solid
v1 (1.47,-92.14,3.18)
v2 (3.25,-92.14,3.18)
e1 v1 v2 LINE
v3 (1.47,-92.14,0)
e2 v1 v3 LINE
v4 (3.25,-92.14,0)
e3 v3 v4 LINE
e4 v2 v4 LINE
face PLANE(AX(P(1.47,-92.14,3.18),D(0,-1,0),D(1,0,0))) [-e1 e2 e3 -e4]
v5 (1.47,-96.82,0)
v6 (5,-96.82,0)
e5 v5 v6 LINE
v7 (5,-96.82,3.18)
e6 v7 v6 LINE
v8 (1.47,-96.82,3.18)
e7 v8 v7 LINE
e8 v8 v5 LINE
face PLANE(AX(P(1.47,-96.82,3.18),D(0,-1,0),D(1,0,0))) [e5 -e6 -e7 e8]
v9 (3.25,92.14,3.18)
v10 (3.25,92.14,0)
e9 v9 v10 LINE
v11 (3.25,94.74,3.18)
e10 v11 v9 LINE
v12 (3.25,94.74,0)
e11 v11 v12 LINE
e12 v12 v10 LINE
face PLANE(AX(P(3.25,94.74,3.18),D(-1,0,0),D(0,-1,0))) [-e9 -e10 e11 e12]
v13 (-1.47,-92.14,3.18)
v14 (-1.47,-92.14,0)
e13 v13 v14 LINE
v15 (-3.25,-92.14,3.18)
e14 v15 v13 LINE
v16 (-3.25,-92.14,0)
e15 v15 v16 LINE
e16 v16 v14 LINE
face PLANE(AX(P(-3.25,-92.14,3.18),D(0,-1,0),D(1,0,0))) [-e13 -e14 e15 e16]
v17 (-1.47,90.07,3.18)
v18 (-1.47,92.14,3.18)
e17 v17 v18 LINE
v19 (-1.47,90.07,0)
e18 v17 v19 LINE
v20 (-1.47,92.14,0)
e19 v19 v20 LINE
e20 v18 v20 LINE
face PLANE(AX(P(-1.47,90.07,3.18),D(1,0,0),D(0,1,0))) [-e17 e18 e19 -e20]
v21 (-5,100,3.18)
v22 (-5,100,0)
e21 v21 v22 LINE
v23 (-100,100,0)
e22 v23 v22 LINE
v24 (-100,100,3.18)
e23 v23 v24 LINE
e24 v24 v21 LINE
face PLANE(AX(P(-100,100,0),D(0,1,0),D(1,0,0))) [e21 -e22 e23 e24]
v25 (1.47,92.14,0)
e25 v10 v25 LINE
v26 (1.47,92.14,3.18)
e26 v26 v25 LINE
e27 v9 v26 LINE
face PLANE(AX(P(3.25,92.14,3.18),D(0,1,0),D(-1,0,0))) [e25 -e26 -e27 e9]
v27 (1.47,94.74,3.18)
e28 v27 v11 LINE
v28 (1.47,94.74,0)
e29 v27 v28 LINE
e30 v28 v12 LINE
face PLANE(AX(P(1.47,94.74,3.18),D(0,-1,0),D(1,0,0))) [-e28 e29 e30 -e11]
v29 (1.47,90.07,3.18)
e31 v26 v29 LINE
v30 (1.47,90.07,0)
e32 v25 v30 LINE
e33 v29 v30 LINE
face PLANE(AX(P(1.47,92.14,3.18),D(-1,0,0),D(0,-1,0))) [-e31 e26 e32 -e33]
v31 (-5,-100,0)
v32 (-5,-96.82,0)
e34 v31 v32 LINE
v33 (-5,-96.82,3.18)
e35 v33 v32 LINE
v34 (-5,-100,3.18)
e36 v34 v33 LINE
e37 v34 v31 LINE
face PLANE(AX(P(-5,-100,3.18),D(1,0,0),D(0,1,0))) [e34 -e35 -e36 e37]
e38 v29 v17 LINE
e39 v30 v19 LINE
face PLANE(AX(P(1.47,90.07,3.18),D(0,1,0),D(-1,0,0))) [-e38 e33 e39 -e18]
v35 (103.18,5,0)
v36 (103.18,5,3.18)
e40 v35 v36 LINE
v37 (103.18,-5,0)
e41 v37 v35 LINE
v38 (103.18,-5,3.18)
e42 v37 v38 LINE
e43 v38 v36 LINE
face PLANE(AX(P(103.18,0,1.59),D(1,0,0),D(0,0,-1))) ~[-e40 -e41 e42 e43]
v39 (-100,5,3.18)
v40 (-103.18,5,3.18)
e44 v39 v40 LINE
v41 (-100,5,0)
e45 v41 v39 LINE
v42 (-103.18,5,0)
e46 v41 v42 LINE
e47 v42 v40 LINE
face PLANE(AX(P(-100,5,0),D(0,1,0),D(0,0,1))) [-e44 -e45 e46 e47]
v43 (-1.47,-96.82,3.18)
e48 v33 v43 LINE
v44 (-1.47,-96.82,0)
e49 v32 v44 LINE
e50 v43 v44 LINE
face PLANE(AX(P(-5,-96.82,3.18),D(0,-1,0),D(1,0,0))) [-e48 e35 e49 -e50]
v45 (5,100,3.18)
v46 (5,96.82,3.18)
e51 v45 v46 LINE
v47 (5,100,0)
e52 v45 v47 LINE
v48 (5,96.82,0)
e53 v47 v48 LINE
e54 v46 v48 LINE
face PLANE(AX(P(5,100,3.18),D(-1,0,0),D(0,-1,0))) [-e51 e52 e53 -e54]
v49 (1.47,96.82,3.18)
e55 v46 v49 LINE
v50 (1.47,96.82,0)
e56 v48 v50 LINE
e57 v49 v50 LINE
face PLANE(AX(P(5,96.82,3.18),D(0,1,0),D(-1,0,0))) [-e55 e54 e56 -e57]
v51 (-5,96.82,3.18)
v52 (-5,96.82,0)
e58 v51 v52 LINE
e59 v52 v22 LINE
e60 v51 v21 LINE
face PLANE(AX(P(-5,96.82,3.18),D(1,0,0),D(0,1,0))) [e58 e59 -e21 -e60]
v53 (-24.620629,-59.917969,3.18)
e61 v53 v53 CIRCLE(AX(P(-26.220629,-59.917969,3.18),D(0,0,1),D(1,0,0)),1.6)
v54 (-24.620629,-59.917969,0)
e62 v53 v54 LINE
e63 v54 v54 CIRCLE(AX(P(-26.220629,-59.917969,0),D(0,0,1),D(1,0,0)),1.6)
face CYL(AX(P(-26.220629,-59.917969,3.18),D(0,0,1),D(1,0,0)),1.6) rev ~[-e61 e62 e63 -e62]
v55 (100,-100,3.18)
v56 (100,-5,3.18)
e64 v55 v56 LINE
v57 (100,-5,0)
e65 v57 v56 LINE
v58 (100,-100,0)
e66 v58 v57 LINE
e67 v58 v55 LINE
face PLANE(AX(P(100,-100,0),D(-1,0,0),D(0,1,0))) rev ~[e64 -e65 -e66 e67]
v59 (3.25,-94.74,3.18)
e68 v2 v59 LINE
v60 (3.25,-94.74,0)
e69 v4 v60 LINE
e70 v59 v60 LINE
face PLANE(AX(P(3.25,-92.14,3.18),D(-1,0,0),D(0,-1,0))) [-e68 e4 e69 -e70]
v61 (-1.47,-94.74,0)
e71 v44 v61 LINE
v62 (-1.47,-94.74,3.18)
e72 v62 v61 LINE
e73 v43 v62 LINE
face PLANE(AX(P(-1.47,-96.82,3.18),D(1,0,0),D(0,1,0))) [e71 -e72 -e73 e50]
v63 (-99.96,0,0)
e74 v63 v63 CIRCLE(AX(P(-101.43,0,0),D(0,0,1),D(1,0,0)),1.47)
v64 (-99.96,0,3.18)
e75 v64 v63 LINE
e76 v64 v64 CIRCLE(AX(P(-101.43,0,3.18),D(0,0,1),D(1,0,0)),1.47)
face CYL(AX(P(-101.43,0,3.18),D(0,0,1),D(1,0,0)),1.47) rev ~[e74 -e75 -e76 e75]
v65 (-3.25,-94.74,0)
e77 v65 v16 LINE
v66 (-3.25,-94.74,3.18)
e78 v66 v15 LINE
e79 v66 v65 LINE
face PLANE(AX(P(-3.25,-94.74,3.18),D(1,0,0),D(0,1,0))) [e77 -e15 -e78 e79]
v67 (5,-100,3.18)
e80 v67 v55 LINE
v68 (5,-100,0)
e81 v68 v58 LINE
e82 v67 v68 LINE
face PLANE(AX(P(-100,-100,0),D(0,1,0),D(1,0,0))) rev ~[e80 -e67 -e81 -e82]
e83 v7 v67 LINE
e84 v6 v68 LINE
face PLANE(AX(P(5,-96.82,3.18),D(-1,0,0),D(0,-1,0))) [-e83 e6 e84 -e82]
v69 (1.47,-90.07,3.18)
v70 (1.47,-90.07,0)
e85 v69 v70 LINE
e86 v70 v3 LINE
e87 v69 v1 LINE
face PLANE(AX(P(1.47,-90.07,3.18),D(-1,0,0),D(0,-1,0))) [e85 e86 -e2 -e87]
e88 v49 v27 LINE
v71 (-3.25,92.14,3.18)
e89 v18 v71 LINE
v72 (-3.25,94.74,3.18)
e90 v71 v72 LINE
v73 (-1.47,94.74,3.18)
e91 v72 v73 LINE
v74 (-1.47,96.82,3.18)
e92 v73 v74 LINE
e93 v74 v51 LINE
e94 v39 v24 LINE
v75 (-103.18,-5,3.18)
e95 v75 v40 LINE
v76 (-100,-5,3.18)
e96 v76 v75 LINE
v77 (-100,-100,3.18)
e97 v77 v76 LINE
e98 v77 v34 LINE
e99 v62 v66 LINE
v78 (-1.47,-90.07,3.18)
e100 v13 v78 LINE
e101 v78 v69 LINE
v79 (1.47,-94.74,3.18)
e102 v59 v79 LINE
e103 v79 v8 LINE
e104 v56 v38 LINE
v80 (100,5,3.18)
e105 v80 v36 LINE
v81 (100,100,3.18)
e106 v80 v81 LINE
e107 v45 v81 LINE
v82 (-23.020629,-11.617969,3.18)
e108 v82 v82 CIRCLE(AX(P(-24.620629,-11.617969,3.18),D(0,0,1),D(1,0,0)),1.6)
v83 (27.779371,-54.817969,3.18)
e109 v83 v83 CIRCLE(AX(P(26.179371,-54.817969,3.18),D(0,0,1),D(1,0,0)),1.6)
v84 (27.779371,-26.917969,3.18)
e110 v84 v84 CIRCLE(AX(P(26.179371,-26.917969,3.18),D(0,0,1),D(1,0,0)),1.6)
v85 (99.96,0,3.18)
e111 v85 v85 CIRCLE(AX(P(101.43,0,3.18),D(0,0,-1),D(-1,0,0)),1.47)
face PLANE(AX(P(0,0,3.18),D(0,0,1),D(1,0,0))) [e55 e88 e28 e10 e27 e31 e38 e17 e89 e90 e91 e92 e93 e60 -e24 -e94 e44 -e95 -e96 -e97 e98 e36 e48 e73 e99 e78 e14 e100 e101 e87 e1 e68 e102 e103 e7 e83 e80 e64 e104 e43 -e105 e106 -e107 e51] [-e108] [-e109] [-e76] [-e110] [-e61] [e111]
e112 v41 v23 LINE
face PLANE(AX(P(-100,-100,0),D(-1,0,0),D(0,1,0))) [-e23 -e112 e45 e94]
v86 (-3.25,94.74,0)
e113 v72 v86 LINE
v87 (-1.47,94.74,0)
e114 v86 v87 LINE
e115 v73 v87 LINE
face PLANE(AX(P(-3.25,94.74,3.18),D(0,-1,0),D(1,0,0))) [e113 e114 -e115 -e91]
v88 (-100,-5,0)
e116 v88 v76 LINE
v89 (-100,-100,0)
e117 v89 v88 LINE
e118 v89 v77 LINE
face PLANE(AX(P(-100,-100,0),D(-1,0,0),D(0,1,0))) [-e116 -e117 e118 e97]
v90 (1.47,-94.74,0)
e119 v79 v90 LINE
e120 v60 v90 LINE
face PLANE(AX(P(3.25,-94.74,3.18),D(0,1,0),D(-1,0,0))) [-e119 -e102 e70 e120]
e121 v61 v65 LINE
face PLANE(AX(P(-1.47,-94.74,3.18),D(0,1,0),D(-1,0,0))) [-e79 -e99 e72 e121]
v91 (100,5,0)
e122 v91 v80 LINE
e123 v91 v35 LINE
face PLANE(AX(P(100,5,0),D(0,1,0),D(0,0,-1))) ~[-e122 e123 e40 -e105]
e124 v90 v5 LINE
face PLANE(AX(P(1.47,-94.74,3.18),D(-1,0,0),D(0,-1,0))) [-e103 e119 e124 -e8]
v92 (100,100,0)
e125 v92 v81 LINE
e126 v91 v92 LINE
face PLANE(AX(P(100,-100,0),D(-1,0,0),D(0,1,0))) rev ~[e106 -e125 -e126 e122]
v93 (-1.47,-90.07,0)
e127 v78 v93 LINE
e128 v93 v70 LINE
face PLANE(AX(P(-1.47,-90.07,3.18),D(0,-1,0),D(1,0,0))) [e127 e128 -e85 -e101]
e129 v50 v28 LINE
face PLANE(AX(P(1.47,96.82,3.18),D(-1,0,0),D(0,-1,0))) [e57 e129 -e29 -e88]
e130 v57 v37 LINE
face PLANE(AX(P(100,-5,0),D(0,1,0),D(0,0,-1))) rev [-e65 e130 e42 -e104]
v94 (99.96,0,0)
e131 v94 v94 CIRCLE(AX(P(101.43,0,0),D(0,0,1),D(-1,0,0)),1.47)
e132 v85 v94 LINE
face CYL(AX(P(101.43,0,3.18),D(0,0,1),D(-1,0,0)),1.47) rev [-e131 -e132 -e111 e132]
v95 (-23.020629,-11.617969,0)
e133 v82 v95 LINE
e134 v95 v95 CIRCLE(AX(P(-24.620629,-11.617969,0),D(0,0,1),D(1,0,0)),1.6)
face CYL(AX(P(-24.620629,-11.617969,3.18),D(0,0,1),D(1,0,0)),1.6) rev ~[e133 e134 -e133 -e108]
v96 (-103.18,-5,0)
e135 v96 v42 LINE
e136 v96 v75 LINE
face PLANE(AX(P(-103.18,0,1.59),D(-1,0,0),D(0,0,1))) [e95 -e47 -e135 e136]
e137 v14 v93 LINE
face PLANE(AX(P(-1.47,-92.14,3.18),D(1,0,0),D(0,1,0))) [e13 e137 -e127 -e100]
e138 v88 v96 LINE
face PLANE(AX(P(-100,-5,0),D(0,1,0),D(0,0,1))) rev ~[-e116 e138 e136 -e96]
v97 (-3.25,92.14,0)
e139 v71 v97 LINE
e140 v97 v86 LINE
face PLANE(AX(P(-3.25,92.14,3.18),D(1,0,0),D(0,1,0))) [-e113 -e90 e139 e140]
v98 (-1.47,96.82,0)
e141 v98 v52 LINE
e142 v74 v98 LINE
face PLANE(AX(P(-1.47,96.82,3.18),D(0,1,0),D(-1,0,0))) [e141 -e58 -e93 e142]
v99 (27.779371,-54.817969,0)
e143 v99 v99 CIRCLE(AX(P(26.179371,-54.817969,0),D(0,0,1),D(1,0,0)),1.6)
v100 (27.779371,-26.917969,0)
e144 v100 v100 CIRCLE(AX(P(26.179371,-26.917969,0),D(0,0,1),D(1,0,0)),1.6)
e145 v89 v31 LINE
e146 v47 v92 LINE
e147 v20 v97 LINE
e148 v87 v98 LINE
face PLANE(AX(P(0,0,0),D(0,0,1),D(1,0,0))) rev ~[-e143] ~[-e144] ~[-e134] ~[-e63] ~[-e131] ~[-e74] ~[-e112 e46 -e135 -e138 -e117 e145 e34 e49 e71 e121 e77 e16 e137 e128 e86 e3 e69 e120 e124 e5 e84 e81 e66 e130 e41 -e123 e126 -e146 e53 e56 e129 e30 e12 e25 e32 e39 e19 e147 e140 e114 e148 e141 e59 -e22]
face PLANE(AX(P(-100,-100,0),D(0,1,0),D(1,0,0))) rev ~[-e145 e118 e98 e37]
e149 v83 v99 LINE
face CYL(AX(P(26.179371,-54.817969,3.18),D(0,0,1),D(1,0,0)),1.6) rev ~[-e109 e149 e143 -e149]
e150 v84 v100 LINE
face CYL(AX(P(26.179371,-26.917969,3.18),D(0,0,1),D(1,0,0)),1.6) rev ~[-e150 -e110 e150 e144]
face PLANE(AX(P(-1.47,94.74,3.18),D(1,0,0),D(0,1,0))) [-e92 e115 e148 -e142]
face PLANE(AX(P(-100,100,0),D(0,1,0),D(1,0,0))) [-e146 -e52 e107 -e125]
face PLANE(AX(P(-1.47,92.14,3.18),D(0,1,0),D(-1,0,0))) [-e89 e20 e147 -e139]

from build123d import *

# Parameters (mm, degrees)
SKETCH2_W           = 200
SKETCH2_H           = 200
BOSS_EXTRUDE1_DEPTH = 3.18
CUT_EXTRUDE1_DEPTH  = 142.457104452
SKETCH4_W           = 3.18
SKETCH4_H           = 10
BOSS_EXTRUDE2_DEPTH = 3.18
SKETCH6_R           = 1.47
CUT_EXTRUDE2_DEPTH  = 144.722735849
SKETCH7_R           = 1.6
CUT_EXTRUDE3_DEPTH  = 144.722735849


with BuildPart() as part:
    # Sketch2 → Boss-Extrude1 (new body)
    with BuildSketch(Plane.XY):
        Rectangle(SKETCH2_W, SKETCH2_H)
    extrude(amount=BOSS_EXTRUDE1_DEPTH)

    # Sketch3 → Cut-Extrude1 (cut, through all)
    with BuildSketch(Plane.XY.offset(3.18)):
        Polygon((-5, 100), (5, 100), (5, 96.82), (1.47, 96.82), (1.47, 94.74), (3.25, 94.74), (3.25, 92.14), (1.47, 92.14), (1.47, 90.07), (-1.47, 90.07), (-1.47, 92.14), (-3.25, 92.14), (-3.25, 94.74), (-1.47, 94.74), (-1.47, 96.82), (-5, 96.82), align=None)
        Polygon((1.47, -96.82), (5, -96.82), (5, -100), (-5, -100), (-5, -96.82), (-1.47, -96.82), (-1.47, -94.74), (-3.25, -94.74), (-3.25, -92.14), (-1.47, -92.14), (-1.47, -90.07), (1.47, -90.07), (1.47, -92.14), (3.25, -92.14), (3.25, -94.74), (1.47, -94.74), align=None)
    extrude(amount=-CUT_EXTRUDE1_DEPTH, mode=Mode.SUBTRACT)

    # Sketch4 → Boss-Extrude2 (add)
    with BuildSketch(Plane.ZY.offset(100)):
        with Locations((1.59, 0)):
            Rectangle(SKETCH4_W, SKETCH4_H)
    boss_extrude2 = extrude(amount=BOSS_EXTRUDE2_DEPTH)

    # Sketch6 → Cut-Extrude2 (cut, through all)
    with BuildSketch(Plane.XY.offset(3.18)):
        with Locations((-101.43, 0)):
            Circle(SKETCH6_R)
    cut_extrude2 = extrude(amount=-CUT_EXTRUDE2_DEPTH, mode=Mode.SUBTRACT)

    # Mirror1: Boss-Extrude2 across plane
    add(boss_extrude2.mirror(Plane(origin=(0, 0, 0), x_dir=(0, 0, 1), z_dir=(1, 0, 0))))

    # Mirror2: Cut-Extrude2 across plane
    add(cut_extrude2.mirror(Plane(origin=(0, 0, 0), x_dir=(0, 0, 1), z_dir=(1, 0, 0))), mode=Mode.SUBTRACT)

    # Sketch7 → Cut-Extrude3 (cut, through all)
    with BuildSketch(Plane.XY.offset(3.18)):
        with Locations((26.179371117, -54.817968537)):
            Circle(SKETCH7_R)
        with Locations((26.179371117, -26.917968537)):
            Circle(SKETCH7_R)
        with Locations((-24.620628883, -11.617968537)):
            Circle(SKETCH7_R)
        with Locations((-26.220628883, -59.917968537)):
            Circle(SKETCH7_R)
    extrude(amount=-CUT_EXTRUDE3_DEPTH, mode=Mode.SUBTRACT)


solid = part.part
